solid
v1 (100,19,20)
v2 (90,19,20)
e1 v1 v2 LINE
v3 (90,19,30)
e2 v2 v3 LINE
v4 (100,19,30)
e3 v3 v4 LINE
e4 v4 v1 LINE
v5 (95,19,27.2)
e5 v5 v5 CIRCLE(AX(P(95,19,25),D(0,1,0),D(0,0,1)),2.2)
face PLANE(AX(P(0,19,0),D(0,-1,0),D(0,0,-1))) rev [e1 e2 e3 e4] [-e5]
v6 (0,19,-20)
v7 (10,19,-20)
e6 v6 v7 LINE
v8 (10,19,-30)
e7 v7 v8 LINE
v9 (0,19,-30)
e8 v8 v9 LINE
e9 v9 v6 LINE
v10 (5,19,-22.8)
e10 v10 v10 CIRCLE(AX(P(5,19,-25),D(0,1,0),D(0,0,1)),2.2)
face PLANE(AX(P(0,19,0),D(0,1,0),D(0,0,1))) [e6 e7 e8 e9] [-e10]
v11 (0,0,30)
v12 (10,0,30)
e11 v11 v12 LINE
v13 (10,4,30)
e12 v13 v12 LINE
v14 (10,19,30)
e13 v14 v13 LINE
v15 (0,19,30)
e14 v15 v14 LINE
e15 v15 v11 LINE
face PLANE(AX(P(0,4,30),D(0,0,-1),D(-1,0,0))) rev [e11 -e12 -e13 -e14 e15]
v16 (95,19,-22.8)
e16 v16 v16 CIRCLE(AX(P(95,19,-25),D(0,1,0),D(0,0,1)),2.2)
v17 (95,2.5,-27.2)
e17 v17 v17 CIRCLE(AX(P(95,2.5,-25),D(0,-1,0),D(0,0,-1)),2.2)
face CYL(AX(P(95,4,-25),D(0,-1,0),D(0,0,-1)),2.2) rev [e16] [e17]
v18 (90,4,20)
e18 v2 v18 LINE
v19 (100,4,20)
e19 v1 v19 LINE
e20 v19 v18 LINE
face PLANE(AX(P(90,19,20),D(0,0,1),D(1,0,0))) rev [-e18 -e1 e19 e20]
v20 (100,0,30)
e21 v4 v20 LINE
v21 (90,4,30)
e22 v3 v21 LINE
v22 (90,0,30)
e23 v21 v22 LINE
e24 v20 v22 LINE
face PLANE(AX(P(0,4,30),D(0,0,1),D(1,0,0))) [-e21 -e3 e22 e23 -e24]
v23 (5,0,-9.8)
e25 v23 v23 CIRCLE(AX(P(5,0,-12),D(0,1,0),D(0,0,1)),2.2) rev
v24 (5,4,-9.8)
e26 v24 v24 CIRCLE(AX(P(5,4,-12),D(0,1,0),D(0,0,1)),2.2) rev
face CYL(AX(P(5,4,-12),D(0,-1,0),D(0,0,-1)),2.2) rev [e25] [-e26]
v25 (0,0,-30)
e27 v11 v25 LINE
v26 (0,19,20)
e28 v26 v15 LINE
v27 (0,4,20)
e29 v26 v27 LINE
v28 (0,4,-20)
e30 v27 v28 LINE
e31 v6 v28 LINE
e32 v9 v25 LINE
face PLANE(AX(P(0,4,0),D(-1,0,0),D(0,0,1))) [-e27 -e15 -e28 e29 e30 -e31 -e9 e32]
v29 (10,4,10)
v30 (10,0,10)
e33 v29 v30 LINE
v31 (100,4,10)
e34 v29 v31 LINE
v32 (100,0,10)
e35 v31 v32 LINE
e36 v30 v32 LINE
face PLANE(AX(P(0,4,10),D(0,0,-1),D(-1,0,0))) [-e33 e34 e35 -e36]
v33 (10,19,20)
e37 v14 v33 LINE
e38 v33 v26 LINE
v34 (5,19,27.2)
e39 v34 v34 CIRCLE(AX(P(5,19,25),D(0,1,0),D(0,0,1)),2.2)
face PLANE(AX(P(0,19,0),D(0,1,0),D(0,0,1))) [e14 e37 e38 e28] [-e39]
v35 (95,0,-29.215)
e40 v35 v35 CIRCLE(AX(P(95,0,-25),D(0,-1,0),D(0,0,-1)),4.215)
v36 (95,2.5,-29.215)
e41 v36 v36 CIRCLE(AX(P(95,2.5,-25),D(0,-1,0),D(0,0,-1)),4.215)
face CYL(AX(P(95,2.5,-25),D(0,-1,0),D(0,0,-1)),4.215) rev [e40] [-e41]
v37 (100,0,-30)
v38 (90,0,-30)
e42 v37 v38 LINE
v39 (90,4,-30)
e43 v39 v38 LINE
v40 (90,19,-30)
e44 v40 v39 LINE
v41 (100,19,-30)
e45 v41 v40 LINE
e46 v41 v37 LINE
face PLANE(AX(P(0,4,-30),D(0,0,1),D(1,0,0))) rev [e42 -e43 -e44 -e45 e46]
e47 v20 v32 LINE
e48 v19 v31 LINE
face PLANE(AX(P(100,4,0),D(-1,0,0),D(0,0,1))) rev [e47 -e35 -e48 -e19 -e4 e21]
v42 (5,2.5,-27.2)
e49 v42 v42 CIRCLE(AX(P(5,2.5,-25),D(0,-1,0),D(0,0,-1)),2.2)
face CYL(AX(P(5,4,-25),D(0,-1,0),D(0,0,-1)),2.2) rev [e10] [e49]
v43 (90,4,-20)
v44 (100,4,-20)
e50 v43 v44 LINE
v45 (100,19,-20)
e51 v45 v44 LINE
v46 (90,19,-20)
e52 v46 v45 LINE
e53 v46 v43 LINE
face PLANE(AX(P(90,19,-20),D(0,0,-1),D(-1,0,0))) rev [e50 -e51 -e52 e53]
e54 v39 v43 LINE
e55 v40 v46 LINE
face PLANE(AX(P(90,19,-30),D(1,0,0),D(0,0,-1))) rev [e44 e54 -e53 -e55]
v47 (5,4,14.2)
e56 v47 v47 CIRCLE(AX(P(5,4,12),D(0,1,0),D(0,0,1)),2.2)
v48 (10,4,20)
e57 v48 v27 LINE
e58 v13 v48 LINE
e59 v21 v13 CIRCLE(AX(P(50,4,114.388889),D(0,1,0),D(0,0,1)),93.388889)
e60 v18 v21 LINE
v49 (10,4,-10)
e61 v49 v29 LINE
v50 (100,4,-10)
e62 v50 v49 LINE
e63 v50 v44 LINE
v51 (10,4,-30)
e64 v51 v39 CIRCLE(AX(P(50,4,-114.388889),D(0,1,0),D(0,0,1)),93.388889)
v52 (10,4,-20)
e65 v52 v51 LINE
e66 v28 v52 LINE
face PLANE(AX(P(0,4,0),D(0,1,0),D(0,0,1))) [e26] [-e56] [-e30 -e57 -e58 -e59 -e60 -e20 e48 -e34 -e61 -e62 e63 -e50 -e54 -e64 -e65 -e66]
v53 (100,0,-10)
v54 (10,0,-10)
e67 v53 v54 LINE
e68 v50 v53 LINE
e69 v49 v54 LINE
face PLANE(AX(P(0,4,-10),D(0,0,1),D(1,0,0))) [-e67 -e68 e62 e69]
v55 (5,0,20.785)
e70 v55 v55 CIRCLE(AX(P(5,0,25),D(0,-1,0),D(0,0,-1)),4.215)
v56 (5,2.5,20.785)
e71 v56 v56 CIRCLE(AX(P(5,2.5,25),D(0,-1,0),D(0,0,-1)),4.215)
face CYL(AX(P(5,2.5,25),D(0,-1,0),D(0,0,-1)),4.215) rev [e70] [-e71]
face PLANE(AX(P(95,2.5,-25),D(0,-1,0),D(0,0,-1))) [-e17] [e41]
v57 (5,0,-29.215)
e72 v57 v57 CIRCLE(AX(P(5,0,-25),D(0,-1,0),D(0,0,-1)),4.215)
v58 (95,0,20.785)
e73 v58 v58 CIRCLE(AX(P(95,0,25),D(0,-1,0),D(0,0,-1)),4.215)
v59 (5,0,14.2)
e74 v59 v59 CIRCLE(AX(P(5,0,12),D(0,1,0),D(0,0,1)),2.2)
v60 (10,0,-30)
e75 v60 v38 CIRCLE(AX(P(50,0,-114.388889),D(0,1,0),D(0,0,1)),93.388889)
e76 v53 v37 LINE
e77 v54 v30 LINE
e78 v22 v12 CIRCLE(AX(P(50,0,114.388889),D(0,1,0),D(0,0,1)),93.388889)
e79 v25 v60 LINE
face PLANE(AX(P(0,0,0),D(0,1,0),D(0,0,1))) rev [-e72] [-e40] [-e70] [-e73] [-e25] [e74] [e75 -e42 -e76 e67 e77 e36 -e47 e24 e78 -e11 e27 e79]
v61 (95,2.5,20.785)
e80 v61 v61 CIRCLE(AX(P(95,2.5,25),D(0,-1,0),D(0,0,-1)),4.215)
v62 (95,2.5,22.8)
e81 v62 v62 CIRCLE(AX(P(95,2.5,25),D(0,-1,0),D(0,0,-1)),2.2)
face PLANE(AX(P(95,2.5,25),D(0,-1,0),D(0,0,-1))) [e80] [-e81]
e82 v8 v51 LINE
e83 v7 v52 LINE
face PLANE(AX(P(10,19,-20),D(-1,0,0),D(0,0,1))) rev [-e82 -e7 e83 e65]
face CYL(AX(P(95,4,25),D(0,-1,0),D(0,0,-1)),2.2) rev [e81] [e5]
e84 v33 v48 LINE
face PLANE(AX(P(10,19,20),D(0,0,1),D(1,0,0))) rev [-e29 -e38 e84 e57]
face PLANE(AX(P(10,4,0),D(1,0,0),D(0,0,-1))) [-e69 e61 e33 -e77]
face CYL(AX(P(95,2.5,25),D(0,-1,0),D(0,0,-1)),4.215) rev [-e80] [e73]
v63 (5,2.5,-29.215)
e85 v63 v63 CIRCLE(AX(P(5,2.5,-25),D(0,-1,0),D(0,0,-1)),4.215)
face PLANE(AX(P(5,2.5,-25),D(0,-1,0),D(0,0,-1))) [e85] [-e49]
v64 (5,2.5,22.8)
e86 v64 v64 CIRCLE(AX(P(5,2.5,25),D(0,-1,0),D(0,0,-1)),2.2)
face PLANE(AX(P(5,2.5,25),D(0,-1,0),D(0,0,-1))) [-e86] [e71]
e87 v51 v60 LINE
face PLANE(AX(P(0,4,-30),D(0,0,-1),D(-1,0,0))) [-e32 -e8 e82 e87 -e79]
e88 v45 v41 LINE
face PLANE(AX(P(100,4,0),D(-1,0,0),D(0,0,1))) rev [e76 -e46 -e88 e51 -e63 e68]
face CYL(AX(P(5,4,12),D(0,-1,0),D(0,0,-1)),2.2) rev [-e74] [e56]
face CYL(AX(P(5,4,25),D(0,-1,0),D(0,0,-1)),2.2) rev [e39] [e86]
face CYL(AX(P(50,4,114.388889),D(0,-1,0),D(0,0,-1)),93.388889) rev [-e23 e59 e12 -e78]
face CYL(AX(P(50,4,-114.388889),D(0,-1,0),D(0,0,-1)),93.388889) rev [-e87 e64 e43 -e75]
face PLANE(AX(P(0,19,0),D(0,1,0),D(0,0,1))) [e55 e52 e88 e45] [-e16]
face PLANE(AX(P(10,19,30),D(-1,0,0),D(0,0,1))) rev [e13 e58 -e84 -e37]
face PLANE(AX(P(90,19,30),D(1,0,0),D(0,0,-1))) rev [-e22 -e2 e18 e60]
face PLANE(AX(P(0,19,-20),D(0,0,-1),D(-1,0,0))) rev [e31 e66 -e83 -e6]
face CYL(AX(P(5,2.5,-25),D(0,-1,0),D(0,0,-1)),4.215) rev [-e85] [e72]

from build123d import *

# Parameters (mm, degrees)
SKETCH1_R                  = 2.2
EXTRUDE_BODY_DEPTH         = 4
SKETCH5_W                  = 10
SKETCH5_H                  = 10
SKETCH5_R                  = 2.2
EXTRUDE_LEGS_DEPTH         = 15
SKETCH6_R                  = 4.215
CUT_BOLT_HEAD_INSETS_DEPTH = 2.5


with BuildPart() as part:
    # Sketch1 → Extrude-Body (new body)
    with BuildSketch(Plane(origin=(0, 0, 0), x_dir=(1, 0, 0), z_dir=(0, 1, 0))):
        with BuildLine():
            Line((10, -10), (10, 10))
            Line((10, 10), (100, 10))
            Line((100, 10), (100, 30))
            Line((100, 30), (90, 30))
            ThreePointArc((90, 30), (50, 21), (10, 30))
            Line((10, 30), (0, 30))
            Line((0, 30), (0, -30))
            Line((0, -30), (10, -30))
            ThreePointArc((10, -30), (50, -21), (90, -30))
            Line((90, -30), (100, -30))
            Line((100, -30), (100, -10))
            Line((100, -10), (10, -10))
        make_face()
        with Locations(Location((5, -12, 0), (0, 0, 270))):
            Circle(SKETCH1_R, mode=Mode.SUBTRACT)
        with Locations(Location((5, 12, 0), (0, 0, 270))):
            Circle(SKETCH1_R, mode=Mode.SUBTRACT)
        with Locations(Location((95, 25, 0), (0, 0, 270))):
            Circle(SKETCH1_R, mode=Mode.SUBTRACT)
        with Locations(Location((95, -25, 0), (0, 0, 270))):
            Circle(SKETCH1_R, mode=Mode.SUBTRACT)
        with Locations(Location((5, 25, 0), (0, 0, 270))):
            Circle(SKETCH1_R, mode=Mode.SUBTRACT)
        with Locations(Location((5, -25, 0), (0, 0, 270))):
            Circle(SKETCH1_R, mode=Mode.SUBTRACT)
    extrude(amount=EXTRUDE_BODY_DEPTH)

    # Sketch5 → Extrude-Legs (add)
    # profile 1 of 4: a face of its own
    with BuildSketch(Plane(origin=(0, 4, 0), x_dir=(1, 0, 0), z_dir=(0, 1, 0))):
        with Locations((95, -25)):
            Rectangle(SKETCH5_W, SKETCH5_H)
        with Locations(Location((95, -25, 0), (0, 0, 270))):
            Circle(SKETCH5_R, mode=Mode.SUBTRACT)
    # profile 2 of 4: a face of its own
    with BuildSketch(Plane(origin=(0, 4, 0), x_dir=(1, 0, 0), z_dir=(0, 1, 0))):
        with Locations((95, 25)):
            Rectangle(SKETCH5_W, SKETCH5_H)
        with Locations(Location((95, 25, 0), (0, 0, 270))):
            Circle(SKETCH5_R, mode=Mode.SUBTRACT)
    # profile 3 of 4: a face of its own
    with BuildSketch(Plane(origin=(0, 4, 0), x_dir=(1, 0, 0), z_dir=(0, 1, 0))):
        with Locations((5, 25)):
            Rectangle(SKETCH5_W, SKETCH5_H)
        with Locations(Location((5, 25, 0), (0, 0, 270))):
            Circle(SKETCH5_R, mode=Mode.SUBTRACT)
    # profile 4 of 4: a face of its own
    with BuildSketch(Plane(origin=(0, 4, 0), x_dir=(1, 0, 0), z_dir=(0, 1, 0))):
        with Locations((5, -25)):
            Rectangle(SKETCH5_W, SKETCH5_H)
        with Locations(Location((5, -25, 0), (0, 0, 270))):
            Circle(SKETCH5_R, mode=Mode.SUBTRACT)
    extrude(amount=EXTRUDE_LEGS_DEPTH)

    # Sketch6 → Cut-Bolt Head Insets (cut)
    with BuildSketch(Plane.XZ):
        with Locations(Location((5, -25, 0), (0, 0, 270))):
            Circle(SKETCH6_R)
        with Locations(Location((5, 25, 0), (0, 0, 270))):
            Circle(SKETCH6_R)
        with Locations(Location((95, 25, 0), (0, 0, 270))):
            Circle(SKETCH6_R)
        with Locations(Location((95, -25, 0), (0, 0, 270))):
            Circle(SKETCH6_R)
    extrude(amount=-CUT_BOLT_HEAD_INSETS_DEPTH, mode=Mode.SUBTRACT)


solid = part.part
